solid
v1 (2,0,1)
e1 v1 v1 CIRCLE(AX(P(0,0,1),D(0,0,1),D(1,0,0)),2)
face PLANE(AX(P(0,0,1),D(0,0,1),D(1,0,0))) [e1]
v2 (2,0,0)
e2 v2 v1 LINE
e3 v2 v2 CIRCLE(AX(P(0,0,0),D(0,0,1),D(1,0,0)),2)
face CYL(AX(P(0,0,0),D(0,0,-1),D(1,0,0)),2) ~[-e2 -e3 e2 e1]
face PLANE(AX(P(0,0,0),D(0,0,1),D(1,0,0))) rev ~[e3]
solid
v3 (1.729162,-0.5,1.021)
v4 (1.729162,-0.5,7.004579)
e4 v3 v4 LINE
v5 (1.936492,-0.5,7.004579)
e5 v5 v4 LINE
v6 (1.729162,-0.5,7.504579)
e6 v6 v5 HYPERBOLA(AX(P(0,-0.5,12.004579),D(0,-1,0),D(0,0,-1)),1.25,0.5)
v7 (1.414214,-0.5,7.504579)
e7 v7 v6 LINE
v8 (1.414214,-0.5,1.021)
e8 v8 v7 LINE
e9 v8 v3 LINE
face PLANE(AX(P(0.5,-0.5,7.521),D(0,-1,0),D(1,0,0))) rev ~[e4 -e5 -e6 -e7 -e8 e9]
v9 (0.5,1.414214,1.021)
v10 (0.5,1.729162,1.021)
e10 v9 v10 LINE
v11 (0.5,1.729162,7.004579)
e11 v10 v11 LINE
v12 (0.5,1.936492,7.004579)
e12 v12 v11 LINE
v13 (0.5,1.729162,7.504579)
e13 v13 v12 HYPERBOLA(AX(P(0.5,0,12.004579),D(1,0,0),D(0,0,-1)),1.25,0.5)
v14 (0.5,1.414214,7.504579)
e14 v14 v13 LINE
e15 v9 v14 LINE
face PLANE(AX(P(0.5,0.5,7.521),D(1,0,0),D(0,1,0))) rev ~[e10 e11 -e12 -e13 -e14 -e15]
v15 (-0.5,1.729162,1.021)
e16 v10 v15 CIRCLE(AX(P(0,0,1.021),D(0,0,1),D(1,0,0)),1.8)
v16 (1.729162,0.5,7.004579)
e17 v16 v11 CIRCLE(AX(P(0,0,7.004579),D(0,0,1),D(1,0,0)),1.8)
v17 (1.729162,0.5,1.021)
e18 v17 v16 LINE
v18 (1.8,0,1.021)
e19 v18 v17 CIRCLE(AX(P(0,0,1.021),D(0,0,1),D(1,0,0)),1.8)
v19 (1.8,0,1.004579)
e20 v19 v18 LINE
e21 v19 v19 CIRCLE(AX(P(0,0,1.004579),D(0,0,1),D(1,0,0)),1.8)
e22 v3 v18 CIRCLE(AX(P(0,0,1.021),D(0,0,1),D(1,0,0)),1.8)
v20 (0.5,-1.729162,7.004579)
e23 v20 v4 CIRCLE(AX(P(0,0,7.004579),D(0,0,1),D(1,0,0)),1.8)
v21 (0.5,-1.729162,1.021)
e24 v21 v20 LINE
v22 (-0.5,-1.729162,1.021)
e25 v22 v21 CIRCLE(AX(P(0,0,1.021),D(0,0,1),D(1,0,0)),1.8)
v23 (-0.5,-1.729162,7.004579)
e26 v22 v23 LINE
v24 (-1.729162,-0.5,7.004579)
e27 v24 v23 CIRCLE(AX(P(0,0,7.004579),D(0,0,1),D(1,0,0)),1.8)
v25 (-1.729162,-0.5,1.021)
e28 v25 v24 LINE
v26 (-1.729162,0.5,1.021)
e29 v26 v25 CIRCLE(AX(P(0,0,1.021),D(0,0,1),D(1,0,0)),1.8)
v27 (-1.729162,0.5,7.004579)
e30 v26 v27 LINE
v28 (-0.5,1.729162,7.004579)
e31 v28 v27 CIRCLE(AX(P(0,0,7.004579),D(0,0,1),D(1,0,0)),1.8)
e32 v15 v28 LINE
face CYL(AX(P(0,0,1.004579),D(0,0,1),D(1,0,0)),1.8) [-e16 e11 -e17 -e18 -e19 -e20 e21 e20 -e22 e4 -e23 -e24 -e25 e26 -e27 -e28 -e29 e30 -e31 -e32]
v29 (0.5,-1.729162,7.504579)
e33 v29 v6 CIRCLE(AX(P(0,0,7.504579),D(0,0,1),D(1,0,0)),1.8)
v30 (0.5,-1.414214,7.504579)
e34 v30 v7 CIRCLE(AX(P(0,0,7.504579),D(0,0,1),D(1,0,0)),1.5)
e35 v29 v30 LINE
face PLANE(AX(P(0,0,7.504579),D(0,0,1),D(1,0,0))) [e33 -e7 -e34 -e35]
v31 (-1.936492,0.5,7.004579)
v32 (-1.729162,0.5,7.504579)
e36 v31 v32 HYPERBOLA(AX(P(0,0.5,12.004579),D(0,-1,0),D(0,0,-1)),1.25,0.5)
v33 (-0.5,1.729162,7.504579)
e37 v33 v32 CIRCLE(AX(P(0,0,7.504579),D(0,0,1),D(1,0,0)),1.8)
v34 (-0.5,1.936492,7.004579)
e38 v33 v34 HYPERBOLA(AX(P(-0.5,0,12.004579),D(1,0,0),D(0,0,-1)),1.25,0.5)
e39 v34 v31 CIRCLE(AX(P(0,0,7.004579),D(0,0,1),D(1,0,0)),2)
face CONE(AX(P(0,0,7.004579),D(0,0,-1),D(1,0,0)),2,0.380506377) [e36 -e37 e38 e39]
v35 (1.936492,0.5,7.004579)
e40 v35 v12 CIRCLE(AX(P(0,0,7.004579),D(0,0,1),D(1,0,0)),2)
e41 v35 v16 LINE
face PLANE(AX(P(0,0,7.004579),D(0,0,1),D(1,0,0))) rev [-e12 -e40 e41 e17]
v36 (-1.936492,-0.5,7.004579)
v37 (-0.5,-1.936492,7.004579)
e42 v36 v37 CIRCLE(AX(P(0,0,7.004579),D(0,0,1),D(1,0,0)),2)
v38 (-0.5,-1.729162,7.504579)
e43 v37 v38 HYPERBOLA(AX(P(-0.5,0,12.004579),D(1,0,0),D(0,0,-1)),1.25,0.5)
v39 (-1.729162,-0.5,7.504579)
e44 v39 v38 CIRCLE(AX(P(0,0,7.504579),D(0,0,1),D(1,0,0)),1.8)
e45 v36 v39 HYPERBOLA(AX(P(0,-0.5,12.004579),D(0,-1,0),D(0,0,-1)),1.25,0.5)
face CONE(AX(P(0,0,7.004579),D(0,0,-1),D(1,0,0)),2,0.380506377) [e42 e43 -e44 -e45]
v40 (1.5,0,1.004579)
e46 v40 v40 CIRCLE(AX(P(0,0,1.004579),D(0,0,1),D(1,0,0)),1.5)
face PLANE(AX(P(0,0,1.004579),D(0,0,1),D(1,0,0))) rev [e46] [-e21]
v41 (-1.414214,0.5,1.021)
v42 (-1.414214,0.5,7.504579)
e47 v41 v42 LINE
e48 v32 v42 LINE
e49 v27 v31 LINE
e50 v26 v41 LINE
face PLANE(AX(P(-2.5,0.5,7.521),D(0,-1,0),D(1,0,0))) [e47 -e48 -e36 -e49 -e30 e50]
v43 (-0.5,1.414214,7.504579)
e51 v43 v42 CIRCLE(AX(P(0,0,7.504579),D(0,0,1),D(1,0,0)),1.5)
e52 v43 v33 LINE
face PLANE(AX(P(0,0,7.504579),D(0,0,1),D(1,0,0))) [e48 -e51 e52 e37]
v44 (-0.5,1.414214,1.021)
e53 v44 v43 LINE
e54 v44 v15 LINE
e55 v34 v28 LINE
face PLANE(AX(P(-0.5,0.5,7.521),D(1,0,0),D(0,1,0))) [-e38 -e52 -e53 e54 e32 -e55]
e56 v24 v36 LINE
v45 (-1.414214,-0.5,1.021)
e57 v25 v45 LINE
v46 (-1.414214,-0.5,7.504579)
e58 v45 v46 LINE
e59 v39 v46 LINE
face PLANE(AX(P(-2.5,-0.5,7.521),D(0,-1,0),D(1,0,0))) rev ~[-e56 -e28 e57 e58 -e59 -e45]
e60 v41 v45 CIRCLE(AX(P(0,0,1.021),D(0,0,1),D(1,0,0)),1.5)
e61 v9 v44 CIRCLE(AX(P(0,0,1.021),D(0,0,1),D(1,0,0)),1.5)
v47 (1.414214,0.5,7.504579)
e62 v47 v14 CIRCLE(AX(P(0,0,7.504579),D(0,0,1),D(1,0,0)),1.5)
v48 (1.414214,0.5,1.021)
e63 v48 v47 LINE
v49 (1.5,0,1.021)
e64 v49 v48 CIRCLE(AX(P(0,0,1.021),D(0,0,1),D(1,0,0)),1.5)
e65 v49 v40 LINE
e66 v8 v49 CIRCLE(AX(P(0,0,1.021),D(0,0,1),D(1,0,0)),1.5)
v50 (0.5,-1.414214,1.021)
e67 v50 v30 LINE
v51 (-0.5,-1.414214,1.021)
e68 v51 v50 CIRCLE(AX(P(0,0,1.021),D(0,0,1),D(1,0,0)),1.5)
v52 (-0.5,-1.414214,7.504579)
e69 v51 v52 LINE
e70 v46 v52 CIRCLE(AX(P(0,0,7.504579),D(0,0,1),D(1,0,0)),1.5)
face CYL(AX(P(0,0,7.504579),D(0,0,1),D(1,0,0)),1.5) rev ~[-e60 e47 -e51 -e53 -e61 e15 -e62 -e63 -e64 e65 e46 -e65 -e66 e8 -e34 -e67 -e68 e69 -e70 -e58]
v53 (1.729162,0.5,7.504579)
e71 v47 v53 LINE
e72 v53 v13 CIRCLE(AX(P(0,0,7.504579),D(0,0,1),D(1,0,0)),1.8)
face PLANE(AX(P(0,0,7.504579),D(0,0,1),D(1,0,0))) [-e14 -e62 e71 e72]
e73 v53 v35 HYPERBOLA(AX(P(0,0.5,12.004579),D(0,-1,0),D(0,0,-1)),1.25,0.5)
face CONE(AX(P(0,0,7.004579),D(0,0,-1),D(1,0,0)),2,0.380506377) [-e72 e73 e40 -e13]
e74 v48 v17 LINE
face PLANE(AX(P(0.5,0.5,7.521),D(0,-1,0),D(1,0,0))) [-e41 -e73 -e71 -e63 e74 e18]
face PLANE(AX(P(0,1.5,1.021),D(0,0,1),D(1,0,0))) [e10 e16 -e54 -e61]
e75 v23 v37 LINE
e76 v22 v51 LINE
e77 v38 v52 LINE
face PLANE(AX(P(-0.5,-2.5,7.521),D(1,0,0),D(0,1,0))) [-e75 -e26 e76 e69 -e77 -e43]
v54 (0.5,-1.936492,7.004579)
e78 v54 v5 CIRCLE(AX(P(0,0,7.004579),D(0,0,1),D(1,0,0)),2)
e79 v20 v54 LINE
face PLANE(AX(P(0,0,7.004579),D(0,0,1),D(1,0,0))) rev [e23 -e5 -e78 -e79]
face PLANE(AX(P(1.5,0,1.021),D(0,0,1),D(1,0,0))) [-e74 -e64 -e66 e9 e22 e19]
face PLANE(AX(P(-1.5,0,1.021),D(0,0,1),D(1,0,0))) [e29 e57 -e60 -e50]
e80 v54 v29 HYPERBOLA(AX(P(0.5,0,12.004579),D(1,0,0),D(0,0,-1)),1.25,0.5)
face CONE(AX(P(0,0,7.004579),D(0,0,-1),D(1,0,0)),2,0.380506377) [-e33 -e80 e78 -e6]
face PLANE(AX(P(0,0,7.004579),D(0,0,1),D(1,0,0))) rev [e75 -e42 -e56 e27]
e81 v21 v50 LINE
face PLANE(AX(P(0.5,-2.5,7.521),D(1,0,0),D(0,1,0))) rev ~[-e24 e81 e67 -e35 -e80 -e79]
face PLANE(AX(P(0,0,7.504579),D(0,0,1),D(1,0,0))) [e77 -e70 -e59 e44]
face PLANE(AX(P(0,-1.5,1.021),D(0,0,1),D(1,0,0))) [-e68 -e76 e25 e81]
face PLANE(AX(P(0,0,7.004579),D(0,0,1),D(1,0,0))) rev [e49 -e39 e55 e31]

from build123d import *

# Parameters (mm, degrees)
F0_R     = 2
F1_DEPTH = 1
F4_R     = 1.5
F5_DEPTH = 6.5
F7_W     = 2
F7_H     = 1
F7_W_2   = 1
F7_H_2   = 2
F8_DEPTH = 6.5


with BuildPart() as f1:
    # F0 (on Top) → F1 (new body)
    with BuildSketch(Plane.XY):
        Circle(F0_R)
    extrude(amount=F1_DEPTH)


with BuildPart() as f3:
    # F2 (on Front) → F3 (revolve)
    with BuildSketch(Plane.XZ):
        Polygon((1.8, 7.504579), (0, 7.504579), (0, 1.004579), (1.8, 1.004579), (1.8, 7.004579), (2, 7.004579), align=None)
    revolve(axis=Axis((0, 0, 0), (0, 0, 1)))

    # F4 (on face) → F5 (cut)
    with BuildSketch(Plane.XY.offset(7.504579)):
        Circle(F4_R)
    extrude(amount=-F5_DEPTH, mode=Mode.SUBTRACT)

    # F7 (on offset) → F8 (cut)
    with BuildSketch(Plane.XY.offset(7.521)):
        with Locations((-1.5, 0)):
            Rectangle(F7_W, F7_H)
        with Locations((0, 1.5)):
            Rectangle(F7_W_2, F7_H_2)
        with Locations((1.5, 0)):
            Rectangle(F7_W, F7_H)
        with Locations((0, -1.5)):
            Rectangle(F7_W_2, F7_H_2)
    extrude(amount=-F8_DEPTH, mode=Mode.SUBTRACT)


solid = Compound([f1.part, f3.part])
